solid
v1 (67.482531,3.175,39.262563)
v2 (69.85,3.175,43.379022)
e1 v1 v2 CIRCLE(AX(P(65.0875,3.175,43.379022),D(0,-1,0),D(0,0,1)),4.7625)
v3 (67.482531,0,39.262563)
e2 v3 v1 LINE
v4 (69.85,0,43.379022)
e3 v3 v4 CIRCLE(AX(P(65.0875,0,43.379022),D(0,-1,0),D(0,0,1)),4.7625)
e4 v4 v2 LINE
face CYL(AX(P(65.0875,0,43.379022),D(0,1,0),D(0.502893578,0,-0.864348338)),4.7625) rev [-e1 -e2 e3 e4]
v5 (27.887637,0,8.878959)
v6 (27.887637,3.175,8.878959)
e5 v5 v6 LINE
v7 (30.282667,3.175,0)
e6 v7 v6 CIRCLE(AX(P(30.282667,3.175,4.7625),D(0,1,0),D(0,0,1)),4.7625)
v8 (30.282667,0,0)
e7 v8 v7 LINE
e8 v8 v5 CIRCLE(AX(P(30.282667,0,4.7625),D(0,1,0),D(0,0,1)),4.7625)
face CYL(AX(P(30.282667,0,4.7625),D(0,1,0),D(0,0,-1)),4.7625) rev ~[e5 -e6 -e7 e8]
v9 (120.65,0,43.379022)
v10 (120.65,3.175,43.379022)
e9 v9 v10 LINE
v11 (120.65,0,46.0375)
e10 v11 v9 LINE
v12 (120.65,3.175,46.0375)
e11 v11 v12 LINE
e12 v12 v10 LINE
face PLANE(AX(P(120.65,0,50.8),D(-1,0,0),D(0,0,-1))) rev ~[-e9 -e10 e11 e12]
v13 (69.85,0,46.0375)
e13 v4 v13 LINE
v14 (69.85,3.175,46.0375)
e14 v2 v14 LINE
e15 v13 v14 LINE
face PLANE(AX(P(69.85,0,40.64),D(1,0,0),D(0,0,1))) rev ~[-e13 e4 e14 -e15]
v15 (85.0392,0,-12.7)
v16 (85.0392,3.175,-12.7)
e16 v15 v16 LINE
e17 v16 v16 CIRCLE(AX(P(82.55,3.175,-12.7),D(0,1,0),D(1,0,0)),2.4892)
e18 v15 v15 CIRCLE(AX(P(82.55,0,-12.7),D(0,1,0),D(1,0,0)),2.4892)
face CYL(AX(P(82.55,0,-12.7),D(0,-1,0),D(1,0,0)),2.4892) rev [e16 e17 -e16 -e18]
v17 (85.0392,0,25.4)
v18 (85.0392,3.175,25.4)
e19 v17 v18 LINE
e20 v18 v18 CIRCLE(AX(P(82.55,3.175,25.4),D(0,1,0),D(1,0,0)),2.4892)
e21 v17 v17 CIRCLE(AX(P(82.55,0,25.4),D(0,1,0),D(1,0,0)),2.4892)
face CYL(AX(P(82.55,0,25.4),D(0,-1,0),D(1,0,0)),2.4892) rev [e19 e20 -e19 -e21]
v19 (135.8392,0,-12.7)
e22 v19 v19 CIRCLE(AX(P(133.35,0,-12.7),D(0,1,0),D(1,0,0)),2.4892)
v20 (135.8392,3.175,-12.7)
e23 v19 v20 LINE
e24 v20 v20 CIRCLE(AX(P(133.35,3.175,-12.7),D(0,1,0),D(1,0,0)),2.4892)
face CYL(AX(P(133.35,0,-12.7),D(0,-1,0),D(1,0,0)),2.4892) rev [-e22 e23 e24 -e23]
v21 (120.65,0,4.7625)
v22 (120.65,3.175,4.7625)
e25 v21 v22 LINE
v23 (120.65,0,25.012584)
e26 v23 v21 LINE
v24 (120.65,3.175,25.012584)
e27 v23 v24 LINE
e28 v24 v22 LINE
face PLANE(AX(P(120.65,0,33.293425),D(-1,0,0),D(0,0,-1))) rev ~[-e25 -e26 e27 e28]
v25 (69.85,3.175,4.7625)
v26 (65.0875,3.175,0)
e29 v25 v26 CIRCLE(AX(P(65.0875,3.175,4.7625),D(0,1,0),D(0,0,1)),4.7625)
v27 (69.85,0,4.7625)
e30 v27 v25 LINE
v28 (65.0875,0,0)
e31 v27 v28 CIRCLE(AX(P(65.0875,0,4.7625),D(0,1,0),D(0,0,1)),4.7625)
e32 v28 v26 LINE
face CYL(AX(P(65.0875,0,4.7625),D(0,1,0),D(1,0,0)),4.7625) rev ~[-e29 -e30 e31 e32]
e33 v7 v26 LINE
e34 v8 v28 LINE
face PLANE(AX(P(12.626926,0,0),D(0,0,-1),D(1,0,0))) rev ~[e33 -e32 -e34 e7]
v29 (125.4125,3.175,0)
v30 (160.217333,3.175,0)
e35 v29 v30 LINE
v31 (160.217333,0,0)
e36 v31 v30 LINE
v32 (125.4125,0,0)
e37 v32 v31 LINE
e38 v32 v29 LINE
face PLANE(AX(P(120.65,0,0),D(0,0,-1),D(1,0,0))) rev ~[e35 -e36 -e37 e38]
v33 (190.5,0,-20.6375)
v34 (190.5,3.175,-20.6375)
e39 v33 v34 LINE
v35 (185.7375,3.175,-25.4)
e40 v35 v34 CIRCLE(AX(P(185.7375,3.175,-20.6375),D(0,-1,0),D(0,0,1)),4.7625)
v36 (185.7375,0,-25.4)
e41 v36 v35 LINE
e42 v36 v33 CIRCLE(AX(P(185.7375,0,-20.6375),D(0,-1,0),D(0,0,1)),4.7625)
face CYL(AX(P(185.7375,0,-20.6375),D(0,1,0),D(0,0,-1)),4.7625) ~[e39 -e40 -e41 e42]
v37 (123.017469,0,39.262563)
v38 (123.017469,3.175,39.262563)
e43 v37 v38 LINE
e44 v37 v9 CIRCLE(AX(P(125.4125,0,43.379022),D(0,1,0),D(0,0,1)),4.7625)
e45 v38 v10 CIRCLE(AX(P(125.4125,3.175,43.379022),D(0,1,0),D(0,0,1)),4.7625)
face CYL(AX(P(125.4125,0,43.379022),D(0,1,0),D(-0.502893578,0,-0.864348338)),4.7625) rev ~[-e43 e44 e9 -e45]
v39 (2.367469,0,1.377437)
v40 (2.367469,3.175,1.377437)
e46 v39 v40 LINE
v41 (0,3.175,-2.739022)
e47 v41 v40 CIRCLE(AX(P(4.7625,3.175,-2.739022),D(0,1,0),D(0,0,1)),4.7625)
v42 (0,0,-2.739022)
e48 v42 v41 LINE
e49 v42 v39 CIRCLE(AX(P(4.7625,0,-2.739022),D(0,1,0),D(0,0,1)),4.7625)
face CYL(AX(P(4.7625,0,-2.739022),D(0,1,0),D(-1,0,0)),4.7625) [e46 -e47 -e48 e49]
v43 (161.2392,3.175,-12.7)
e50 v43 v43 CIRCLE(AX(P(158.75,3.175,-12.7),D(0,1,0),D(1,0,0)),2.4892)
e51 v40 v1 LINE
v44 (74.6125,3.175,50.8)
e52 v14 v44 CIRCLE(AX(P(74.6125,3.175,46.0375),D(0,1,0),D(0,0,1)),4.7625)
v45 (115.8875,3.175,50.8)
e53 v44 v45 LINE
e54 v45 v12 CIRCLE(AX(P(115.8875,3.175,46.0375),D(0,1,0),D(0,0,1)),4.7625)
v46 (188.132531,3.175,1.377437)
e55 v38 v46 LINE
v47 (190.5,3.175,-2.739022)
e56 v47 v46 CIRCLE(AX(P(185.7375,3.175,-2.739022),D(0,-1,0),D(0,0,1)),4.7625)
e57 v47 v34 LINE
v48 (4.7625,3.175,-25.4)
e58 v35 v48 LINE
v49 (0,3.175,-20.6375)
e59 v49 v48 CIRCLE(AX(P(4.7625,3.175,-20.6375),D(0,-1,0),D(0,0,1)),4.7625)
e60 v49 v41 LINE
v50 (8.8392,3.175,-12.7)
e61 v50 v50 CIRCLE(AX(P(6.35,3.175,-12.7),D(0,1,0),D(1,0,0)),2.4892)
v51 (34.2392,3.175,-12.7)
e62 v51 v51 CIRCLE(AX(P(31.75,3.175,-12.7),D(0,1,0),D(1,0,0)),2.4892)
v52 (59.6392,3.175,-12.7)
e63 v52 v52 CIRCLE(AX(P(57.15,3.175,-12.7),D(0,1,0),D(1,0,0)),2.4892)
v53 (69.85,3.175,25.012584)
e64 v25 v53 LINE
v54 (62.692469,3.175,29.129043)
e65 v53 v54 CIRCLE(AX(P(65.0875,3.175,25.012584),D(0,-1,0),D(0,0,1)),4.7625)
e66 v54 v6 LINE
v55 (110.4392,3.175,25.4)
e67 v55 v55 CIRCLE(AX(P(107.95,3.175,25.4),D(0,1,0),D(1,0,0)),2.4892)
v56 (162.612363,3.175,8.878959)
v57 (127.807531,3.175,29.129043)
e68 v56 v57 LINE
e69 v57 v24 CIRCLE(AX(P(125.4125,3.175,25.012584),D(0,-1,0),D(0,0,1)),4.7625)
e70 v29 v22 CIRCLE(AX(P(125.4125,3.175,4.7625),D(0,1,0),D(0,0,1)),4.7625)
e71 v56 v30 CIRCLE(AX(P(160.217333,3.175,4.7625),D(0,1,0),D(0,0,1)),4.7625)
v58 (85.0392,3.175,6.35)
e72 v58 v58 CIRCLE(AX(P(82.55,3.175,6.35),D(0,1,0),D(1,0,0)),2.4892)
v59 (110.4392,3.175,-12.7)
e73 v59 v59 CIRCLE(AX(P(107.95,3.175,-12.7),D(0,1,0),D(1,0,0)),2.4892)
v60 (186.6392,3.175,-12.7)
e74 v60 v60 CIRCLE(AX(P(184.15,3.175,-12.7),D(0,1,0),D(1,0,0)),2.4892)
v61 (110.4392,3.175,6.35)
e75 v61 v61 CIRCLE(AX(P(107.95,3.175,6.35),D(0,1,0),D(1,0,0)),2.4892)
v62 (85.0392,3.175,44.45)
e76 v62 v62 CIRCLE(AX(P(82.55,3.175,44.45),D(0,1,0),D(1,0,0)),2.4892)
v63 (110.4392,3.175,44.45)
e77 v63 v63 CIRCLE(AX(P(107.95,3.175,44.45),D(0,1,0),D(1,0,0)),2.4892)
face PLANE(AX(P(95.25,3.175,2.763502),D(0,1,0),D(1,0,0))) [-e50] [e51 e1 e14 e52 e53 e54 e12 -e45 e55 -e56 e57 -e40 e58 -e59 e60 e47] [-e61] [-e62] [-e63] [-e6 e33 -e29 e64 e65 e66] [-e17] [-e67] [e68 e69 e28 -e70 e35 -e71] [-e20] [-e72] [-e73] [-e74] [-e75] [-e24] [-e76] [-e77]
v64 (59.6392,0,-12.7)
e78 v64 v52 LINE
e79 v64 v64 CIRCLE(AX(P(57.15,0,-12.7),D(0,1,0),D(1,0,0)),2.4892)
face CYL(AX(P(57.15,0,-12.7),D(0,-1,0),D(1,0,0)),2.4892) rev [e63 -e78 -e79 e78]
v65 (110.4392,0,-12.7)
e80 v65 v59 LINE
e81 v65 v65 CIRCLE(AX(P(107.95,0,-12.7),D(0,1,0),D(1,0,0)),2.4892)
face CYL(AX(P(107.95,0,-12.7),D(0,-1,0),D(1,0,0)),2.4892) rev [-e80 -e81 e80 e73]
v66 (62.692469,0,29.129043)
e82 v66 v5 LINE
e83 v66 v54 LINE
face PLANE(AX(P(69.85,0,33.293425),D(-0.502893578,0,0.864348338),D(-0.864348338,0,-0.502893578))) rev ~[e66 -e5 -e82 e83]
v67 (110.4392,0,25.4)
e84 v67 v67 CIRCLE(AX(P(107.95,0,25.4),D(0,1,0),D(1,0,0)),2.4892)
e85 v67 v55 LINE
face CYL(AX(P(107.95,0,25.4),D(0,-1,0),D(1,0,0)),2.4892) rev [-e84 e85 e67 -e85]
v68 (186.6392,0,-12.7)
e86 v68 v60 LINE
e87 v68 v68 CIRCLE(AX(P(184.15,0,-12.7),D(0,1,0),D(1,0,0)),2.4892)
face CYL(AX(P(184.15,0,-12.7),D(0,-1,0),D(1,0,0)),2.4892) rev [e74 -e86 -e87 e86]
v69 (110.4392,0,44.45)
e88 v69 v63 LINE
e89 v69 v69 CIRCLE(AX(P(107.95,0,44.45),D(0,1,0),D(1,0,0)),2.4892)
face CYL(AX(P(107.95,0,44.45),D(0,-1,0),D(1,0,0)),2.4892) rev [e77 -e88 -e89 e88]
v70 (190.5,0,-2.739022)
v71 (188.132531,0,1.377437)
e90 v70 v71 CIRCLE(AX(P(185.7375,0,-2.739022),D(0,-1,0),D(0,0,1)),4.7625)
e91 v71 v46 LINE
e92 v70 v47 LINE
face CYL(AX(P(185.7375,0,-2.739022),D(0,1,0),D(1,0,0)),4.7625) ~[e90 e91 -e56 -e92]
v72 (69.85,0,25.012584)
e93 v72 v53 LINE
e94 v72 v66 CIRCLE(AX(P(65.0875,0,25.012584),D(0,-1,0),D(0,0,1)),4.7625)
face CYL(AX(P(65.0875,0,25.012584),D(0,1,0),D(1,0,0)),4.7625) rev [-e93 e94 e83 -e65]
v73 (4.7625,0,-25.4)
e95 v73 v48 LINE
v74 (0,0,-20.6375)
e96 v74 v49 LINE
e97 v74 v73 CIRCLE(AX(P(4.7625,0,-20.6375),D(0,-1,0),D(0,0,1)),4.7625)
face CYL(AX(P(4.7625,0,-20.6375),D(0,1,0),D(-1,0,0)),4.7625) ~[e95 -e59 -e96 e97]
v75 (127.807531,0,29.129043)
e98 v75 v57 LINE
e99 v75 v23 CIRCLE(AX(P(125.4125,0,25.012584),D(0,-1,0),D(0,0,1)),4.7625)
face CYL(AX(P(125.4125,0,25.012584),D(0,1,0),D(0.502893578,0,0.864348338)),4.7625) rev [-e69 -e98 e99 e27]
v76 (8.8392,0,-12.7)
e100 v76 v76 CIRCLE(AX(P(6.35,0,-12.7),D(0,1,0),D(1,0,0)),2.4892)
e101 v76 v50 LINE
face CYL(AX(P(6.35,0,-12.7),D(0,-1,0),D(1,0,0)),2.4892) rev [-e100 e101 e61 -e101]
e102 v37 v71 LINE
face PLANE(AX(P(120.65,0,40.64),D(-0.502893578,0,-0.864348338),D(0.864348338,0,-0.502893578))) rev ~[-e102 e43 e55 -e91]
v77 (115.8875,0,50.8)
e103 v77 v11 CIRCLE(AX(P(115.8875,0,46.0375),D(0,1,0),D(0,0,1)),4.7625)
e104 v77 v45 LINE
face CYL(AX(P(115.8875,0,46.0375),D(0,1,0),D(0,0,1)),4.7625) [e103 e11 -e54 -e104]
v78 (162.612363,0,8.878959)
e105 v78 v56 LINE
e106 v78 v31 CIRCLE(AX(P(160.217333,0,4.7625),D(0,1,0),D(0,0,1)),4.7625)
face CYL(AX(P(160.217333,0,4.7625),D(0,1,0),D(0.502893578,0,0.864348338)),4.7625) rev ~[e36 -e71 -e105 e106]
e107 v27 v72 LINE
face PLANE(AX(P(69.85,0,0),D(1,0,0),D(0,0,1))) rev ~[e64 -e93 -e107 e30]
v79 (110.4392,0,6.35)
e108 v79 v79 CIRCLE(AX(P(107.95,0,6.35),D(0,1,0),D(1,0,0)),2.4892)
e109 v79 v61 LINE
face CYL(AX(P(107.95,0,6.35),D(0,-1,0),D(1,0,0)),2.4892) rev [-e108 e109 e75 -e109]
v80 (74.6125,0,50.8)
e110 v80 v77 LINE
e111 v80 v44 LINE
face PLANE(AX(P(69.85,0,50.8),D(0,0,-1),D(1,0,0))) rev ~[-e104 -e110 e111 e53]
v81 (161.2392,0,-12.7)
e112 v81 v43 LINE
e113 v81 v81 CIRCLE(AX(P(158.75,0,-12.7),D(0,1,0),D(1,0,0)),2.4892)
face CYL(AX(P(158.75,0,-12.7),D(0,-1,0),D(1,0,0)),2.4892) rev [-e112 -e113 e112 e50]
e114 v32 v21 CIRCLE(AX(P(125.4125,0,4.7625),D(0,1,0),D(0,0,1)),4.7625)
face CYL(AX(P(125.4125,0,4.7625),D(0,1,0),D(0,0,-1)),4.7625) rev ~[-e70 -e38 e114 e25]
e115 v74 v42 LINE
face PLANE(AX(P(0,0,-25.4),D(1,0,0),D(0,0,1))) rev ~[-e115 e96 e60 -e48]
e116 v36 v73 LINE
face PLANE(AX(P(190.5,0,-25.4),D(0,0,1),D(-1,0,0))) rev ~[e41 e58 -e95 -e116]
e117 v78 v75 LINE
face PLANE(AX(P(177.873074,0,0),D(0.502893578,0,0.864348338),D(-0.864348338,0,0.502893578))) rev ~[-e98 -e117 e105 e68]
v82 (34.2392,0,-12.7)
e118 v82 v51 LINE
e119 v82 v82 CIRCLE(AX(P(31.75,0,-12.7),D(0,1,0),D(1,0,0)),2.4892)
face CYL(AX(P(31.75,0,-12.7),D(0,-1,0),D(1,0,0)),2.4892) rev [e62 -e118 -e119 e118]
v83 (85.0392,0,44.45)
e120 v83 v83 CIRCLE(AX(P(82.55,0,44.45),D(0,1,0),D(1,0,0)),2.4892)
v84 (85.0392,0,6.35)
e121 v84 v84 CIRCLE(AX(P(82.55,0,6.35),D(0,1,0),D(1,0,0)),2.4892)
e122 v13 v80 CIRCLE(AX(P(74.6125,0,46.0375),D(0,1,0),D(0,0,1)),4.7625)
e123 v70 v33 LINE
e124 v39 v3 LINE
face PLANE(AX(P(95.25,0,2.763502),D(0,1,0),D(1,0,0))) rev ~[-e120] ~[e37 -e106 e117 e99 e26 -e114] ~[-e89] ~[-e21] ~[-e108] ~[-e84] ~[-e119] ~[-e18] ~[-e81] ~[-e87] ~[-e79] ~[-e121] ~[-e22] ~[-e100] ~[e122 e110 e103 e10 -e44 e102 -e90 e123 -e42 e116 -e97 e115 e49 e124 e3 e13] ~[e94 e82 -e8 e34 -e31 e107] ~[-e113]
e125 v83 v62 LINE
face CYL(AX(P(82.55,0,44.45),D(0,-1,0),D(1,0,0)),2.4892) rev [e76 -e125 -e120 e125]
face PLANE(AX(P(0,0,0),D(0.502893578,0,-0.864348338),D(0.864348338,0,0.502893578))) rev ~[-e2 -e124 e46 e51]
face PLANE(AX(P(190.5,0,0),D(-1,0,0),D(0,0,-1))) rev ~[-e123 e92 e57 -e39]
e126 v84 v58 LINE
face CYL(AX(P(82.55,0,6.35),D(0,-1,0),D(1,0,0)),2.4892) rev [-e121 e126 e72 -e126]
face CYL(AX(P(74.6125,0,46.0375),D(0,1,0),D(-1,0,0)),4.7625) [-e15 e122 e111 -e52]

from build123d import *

# Parameters (mm, degrees)
SKETCH1_R           = 2.4892
BOSS_EXTRUDE1_DEPTH = 3.175
FILLET1_R           = 4.7625


with BuildPart() as part:
    # Sketch1 → Boss-Extrude1 (new body)
    with BuildSketch(Plane(origin=(0, 0, 0), x_dir=(1, 0, 0), z_dir=(0, 1, 0))):
        Polygon((0, 25.4), (0, 0), (69.85, -40.64), (69.85, -50.8), (120.65, -50.8), (120.65, -40.64), (190.5, 0), (190.5, 25.4), align=None)
        Polygon((120.65, -33.293424872), (120.65, 0), (177.873073998, 0), align=None, mode=Mode.SUBTRACT)
        Polygon((69.85, -33.293424872), (12.626926002, 0), (69.85, 0), align=None, mode=Mode.SUBTRACT)
        with Locations((6.35, 12.7)):
            Circle(SKETCH1_R, mode=Mode.SUBTRACT)
        with Locations((31.75, 12.7)):
            Circle(SKETCH1_R, mode=Mode.SUBTRACT)
        with Locations((57.15, 12.7)):
            Circle(SKETCH1_R, mode=Mode.SUBTRACT)
        with Locations((82.55, 12.7)):
            Circle(SKETCH1_R, mode=Mode.SUBTRACT)
        with Locations((107.95, 12.7)):
            Circle(SKETCH1_R, mode=Mode.SUBTRACT)
        with Locations((133.35, 12.7)):
            Circle(SKETCH1_R, mode=Mode.SUBTRACT)
        with Locations((158.75, 12.7)):
            Circle(SKETCH1_R, mode=Mode.SUBTRACT)
        with Locations((184.15, 12.7)):
            Circle(SKETCH1_R, mode=Mode.SUBTRACT)
        with Locations((107.95, -6.35)):
            Circle(SKETCH1_R, mode=Mode.SUBTRACT)
        with Locations((82.55, -6.35)):
            Circle(SKETCH1_R, mode=Mode.SUBTRACT)
        with Locations((82.55, -44.45)):
            Circle(SKETCH1_R, mode=Mode.SUBTRACT)
        with Locations((82.55, -25.4)):
            Circle(SKETCH1_R, mode=Mode.SUBTRACT)
        with Locations((107.95, -44.45)):
            Circle(SKETCH1_R, mode=Mode.SUBTRACT)
        with Locations((107.95, -25.4)):
            Circle(SKETCH1_R, mode=Mode.SUBTRACT)
    extrude(amount=BOSS_EXTRUDE1_DEPTH)

    # Fillet1
    fillet1_edges = [part.edges().sort_by_distance(p)[0] for p in [
        (120.65, 1.5875, 33.293424872),
        (177.873073998, 1.5875, 0),
        (120.65, 1.5875, 0),
        (69.85, 1.5875, 33.293424872),
        (69.85, 1.5875, 0),
        (12.626926002, 1.5875, 0),
        (120.65, 1.5875, 40.64),
        (120.65, 1.5875, 50.8),
        (69.85, 1.5875, 50.8),
        (69.85, 1.5875, 40.64),
        (0, 1.5875, 0),
        (0, 1.5875, -25.4),
        (190.5, 1.5875, -25.4),
        (190.5, 1.5875, 0),
    ]]
    fillet(fillet1_edges, radius=FILLET1_R)


solid = part.part
